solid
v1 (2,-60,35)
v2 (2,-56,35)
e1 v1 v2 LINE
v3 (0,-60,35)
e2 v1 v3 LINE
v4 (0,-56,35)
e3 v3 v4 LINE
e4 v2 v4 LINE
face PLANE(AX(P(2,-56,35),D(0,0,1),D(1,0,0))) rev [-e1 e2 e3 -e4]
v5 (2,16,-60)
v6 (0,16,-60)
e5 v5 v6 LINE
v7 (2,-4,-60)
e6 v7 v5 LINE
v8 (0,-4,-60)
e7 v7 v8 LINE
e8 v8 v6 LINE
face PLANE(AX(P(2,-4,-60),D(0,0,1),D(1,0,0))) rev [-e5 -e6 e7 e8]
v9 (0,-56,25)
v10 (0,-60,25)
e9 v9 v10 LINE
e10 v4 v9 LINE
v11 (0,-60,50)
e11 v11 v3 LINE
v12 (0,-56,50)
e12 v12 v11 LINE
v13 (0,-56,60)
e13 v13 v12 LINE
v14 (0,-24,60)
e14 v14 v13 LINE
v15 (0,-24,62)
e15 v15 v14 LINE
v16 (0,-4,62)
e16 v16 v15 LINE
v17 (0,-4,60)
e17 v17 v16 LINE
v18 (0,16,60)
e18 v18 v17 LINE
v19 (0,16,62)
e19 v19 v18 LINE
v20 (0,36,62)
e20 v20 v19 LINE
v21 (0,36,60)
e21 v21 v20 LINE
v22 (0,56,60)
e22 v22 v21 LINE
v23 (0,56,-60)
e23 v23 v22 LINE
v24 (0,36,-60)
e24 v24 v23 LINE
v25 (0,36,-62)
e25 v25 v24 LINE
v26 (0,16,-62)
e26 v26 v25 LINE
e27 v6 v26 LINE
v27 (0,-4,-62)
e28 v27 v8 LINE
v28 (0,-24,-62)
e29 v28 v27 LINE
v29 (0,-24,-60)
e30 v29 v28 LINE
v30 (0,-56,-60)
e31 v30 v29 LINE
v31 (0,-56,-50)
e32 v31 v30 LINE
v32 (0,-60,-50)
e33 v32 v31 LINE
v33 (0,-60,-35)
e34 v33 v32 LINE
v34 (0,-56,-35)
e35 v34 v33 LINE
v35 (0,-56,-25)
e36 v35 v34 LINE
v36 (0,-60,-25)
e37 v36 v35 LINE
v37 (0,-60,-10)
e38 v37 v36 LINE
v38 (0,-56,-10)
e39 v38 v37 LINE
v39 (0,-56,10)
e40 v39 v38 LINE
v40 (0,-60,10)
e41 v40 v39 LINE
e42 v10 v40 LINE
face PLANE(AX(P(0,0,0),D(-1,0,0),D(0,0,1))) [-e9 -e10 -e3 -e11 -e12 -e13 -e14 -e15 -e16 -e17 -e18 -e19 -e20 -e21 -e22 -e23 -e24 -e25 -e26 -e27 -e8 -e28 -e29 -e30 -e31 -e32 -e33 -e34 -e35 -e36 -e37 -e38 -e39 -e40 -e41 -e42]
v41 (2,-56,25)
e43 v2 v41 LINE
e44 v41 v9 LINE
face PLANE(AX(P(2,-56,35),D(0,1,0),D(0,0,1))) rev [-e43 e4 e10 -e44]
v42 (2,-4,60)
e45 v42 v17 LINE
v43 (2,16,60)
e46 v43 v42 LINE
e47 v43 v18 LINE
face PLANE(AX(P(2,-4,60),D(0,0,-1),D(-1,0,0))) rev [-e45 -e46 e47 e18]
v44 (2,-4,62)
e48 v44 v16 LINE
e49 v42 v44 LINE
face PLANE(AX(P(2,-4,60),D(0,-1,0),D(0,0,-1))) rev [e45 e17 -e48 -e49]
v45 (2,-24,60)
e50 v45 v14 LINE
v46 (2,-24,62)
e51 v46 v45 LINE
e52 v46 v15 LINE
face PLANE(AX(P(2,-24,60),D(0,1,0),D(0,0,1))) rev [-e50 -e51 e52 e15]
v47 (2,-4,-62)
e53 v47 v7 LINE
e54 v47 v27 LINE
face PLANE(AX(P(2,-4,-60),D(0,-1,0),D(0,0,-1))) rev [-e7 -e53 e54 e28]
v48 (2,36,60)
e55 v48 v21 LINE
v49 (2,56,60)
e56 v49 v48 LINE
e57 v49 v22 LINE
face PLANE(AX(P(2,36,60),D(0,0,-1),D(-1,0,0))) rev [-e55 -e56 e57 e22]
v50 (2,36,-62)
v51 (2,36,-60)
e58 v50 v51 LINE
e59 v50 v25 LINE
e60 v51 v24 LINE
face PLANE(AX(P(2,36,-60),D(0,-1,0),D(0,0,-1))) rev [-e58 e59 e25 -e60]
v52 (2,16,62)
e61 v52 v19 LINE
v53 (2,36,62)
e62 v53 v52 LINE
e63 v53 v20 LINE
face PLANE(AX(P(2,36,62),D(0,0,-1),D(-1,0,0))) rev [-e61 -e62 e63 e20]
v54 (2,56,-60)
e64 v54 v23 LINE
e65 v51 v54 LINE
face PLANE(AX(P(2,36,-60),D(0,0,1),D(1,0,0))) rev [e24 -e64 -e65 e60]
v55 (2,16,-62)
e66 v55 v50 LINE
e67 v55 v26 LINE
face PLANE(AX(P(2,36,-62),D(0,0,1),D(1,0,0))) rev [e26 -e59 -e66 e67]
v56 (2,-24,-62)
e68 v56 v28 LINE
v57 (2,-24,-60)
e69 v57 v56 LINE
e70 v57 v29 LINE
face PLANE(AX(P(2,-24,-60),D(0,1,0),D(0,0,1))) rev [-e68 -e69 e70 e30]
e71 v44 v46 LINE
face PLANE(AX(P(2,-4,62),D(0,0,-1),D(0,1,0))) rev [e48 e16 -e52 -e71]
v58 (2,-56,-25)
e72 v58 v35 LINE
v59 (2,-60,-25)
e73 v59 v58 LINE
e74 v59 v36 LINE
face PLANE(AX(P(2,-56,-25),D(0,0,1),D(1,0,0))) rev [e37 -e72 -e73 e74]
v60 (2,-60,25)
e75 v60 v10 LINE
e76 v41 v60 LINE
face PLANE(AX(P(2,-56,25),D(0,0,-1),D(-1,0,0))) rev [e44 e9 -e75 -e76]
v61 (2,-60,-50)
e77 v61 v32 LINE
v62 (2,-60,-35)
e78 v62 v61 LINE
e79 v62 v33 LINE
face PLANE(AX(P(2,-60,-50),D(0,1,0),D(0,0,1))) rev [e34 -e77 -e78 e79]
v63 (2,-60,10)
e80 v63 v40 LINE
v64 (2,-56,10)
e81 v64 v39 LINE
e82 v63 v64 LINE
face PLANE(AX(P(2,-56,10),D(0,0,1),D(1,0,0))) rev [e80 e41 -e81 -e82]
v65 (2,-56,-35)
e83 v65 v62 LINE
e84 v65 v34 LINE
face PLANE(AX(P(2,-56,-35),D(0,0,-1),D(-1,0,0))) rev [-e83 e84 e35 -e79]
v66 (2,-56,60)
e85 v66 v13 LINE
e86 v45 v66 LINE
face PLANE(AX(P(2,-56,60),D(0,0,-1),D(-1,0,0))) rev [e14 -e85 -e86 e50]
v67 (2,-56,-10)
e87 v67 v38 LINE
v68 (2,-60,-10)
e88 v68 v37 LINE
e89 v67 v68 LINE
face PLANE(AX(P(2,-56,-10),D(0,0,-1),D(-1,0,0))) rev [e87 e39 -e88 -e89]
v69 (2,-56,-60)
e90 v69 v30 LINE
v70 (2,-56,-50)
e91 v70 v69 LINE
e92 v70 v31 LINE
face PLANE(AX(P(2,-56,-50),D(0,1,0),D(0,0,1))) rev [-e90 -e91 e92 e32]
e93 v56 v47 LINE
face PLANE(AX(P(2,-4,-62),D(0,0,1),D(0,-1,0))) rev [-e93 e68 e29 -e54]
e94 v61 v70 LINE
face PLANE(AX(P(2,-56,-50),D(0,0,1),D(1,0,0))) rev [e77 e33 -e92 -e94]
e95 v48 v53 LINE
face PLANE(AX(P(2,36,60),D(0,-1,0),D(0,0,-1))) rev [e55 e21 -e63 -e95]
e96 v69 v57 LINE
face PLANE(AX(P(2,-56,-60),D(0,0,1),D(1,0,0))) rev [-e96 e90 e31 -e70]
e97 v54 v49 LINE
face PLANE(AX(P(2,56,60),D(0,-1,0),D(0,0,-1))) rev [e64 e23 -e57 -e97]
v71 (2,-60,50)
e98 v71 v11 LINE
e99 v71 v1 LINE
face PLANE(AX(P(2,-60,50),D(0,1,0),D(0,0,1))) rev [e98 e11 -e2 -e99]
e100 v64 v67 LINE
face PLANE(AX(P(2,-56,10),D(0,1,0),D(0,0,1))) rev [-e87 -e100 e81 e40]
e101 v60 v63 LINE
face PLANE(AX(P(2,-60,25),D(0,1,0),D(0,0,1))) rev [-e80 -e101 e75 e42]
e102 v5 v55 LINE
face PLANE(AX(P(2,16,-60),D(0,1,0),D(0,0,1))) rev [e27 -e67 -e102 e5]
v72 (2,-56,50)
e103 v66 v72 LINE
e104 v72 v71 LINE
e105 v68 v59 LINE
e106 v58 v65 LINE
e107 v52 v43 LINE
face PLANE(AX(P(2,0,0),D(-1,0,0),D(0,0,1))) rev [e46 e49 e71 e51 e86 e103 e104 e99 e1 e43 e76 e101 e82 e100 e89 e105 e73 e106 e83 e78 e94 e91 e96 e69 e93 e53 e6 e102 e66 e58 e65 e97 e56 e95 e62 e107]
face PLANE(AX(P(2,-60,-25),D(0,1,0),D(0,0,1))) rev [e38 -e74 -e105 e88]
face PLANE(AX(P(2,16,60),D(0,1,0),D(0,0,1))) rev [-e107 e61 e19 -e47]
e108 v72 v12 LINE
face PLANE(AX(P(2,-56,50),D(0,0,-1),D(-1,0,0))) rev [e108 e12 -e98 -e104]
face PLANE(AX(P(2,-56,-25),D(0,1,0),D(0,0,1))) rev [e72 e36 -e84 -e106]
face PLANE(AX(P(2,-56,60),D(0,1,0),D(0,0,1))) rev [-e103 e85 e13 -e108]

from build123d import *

# Parameters (mm, degrees)
BOSS_EXTRUDE1_DEPTH = 2


with BuildPart() as part:
    # Sketch1 → Boss-Extrude1 (new body)
    with BuildSketch(Plane(origin=(0, 0, 0), x_dir=(0, 0, -1), z_dir=(1, 0, 0))):
        Polygon((-60, -56), (-50, -56), (-50, -60), (-35, -60), (-35, -56), (-25, -56), (-25, -60), (-10, -60), (-10, -56), (10, -56), (10, -60), (25, -60), (25, -56), (35, -56), (35, -60), (50, -60), (50, -56), (60, -56), (60, -24), (62, -24), (62, -4), (60, -4), (60, 16), (62, 16), (62, 36), (60, 36), (60, 56), (-60, 56), (-60, 36), (-62, 36), (-62, 16), (-60, 16), (-60, -4), (-62, -4), (-62, -24), (-60, -24), align=None)
    extrude(amount=BOSS_EXTRUDE1_DEPTH)


solid = part.part
